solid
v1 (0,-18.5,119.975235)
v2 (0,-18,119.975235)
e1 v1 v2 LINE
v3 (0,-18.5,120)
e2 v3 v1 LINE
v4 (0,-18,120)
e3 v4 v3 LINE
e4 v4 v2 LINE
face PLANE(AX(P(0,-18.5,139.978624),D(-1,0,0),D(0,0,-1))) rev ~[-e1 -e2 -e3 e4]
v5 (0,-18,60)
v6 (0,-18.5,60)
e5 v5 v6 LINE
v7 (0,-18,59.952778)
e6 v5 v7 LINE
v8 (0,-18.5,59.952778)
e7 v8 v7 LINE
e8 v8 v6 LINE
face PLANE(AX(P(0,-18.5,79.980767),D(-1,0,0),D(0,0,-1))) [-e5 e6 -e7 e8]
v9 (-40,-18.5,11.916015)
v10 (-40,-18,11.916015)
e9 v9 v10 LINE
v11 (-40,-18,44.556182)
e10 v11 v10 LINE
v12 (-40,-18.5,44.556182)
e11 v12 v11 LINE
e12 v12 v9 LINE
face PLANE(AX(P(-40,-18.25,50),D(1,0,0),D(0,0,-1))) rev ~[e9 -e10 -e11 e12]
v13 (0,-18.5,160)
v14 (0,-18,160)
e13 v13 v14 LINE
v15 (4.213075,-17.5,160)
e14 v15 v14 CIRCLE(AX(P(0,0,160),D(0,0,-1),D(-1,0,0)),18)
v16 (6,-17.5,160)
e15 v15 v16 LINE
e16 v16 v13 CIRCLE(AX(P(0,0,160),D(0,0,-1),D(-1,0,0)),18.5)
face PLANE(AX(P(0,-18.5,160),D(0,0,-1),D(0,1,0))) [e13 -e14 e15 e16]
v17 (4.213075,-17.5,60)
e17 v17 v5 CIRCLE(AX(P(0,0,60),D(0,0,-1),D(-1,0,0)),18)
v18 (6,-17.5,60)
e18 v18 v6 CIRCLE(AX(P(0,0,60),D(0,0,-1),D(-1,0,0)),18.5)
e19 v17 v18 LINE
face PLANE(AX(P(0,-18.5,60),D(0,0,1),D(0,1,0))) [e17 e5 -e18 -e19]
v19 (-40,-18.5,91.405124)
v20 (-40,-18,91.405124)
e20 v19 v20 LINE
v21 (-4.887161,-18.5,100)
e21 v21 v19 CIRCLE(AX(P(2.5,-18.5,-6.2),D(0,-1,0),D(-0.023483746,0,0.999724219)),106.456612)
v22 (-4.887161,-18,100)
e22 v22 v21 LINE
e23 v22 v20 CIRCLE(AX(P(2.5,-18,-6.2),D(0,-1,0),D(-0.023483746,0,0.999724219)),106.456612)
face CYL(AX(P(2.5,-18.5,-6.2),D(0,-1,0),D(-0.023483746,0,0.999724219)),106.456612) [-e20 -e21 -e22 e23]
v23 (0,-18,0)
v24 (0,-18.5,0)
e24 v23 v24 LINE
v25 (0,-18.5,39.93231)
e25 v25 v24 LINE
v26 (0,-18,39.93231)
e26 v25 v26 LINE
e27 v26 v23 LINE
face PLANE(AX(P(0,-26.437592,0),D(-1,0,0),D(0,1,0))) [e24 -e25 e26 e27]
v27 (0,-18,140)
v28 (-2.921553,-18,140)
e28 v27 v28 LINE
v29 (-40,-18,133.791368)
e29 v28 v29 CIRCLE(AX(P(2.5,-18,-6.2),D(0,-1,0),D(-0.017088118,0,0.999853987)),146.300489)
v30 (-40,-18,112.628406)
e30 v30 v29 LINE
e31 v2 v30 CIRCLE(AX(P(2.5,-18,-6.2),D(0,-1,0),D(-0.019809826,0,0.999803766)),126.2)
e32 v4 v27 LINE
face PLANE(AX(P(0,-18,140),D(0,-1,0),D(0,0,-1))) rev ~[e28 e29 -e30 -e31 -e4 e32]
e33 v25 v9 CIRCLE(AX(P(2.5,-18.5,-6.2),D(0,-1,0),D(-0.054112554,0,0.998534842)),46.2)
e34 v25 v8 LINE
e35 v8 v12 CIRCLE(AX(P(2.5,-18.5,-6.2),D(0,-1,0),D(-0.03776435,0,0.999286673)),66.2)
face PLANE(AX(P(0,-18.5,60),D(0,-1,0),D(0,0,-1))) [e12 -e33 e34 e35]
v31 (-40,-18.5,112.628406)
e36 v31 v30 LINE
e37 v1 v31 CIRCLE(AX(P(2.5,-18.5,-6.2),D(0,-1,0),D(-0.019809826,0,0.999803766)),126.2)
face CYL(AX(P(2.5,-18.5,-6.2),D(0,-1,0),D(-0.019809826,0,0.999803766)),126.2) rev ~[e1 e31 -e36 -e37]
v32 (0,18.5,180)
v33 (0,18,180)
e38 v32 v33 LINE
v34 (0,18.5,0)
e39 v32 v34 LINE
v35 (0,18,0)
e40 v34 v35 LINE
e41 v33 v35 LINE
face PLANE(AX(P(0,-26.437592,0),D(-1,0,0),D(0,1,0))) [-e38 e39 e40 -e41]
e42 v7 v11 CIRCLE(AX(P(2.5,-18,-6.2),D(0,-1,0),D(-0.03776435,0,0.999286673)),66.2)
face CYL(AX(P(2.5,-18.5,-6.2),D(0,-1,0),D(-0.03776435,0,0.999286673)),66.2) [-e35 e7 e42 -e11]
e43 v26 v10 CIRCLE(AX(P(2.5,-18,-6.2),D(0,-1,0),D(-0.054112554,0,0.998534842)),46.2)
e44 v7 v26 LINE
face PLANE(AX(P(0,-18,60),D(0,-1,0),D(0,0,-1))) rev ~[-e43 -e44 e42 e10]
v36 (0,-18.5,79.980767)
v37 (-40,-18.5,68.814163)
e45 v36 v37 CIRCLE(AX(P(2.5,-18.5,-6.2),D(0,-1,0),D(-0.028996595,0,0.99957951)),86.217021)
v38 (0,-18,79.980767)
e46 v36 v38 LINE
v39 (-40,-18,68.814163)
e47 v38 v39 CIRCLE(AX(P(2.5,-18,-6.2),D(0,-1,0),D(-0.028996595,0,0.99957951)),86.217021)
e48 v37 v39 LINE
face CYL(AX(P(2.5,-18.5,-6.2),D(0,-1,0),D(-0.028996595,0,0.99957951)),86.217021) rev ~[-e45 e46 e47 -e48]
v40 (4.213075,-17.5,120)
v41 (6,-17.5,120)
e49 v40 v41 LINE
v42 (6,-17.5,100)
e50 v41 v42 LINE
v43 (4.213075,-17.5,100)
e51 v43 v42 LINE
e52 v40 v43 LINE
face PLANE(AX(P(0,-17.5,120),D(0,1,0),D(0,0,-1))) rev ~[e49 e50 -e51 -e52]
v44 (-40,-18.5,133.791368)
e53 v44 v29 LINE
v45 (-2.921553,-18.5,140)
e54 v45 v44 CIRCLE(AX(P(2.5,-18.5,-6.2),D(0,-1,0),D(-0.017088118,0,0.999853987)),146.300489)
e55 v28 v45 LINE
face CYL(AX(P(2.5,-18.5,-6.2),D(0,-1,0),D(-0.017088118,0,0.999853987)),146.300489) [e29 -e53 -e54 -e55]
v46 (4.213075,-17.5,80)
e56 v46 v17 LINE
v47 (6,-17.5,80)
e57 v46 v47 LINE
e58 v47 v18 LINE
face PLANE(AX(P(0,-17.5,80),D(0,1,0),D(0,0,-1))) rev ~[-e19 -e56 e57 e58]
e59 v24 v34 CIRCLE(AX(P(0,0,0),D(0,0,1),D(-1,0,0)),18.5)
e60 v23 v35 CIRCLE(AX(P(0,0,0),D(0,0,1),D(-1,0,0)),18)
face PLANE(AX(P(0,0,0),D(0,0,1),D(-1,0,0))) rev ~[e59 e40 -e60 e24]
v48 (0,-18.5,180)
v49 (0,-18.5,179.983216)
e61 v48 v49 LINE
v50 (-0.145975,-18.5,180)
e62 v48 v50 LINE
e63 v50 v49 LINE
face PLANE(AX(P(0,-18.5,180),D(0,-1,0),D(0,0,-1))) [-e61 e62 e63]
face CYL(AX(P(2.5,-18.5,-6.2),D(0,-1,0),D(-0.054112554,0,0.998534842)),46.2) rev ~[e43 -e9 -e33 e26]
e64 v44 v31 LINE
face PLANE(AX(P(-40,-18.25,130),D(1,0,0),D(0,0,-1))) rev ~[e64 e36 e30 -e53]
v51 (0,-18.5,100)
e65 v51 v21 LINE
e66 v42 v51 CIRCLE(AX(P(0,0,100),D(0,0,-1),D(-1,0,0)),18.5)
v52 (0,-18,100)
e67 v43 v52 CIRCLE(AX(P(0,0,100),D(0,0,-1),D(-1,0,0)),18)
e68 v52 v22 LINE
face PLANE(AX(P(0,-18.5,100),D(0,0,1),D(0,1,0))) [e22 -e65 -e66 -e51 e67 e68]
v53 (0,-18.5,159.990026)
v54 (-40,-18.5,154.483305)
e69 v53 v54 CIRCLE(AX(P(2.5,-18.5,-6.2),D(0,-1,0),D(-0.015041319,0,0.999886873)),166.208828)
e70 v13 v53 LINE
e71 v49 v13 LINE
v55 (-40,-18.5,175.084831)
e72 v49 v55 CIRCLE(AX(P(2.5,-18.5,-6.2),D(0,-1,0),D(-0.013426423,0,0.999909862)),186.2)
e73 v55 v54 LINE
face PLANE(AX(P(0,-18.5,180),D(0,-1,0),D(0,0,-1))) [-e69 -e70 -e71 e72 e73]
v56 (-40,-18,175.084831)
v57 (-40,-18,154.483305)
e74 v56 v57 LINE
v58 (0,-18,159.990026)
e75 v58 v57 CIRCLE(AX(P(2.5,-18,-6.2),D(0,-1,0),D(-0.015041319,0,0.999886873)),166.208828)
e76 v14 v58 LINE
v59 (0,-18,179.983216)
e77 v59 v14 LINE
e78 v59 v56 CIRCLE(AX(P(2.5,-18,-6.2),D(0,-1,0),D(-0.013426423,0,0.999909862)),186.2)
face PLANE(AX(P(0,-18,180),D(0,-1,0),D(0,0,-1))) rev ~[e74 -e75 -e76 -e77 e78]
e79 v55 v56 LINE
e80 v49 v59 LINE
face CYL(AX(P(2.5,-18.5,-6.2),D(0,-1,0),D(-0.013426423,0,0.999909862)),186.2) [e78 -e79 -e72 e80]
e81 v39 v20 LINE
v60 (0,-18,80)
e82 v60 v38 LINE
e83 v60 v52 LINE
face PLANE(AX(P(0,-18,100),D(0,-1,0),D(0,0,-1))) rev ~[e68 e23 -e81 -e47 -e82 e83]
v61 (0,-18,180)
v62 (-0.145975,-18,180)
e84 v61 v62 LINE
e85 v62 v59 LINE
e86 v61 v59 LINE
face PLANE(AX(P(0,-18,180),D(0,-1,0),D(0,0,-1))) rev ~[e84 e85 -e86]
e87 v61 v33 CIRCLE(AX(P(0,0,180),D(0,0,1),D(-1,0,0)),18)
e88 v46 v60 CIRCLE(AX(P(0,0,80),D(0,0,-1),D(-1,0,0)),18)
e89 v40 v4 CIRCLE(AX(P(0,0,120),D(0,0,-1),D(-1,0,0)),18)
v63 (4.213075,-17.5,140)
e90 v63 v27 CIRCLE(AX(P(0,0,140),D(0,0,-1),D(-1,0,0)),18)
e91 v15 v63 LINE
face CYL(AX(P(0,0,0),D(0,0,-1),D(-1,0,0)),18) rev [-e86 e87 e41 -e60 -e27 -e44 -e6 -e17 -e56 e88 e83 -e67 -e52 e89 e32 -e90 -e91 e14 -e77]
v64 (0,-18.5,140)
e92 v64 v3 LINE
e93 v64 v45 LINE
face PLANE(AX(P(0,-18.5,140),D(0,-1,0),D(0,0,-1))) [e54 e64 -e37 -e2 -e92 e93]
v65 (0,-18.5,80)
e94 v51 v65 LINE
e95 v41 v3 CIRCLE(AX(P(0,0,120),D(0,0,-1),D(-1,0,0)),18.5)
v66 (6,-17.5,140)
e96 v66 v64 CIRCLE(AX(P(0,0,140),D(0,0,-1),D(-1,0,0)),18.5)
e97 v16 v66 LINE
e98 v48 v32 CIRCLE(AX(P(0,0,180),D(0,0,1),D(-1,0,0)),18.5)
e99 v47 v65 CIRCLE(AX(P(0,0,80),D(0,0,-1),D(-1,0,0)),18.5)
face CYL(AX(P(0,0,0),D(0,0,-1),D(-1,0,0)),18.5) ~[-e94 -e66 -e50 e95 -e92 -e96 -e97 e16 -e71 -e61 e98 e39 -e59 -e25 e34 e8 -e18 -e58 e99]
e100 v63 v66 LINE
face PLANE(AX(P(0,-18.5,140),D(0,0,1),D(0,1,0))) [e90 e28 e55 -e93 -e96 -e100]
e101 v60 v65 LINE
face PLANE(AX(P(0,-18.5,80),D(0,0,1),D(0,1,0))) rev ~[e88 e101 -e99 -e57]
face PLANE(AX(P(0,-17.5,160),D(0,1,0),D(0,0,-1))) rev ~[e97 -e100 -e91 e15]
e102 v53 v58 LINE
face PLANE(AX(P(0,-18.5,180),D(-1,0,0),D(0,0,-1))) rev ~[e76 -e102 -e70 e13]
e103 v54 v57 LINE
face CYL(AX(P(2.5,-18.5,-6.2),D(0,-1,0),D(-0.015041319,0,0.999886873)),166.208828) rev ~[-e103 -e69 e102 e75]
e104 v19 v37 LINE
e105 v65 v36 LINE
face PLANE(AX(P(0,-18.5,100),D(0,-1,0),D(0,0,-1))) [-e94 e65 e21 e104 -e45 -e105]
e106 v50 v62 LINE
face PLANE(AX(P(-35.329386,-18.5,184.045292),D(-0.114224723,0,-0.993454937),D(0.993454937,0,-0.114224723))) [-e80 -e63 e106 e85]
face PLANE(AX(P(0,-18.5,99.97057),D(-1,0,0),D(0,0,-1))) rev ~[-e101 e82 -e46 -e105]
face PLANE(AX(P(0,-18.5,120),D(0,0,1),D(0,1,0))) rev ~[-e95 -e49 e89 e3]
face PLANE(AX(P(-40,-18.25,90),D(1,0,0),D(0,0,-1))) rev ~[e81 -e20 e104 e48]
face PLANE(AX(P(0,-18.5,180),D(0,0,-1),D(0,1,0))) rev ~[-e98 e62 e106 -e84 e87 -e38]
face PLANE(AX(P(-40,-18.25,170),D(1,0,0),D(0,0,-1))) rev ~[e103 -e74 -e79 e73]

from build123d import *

# Parameters (mm, degrees)
SKETCH_1_R           = 18.5
SKETCH_1_R_2         = 18
EXTRUDE_1_DEPTH      = 180
SKETCH_15_W          = 19.647344242
SKETCH_15_H          = 48.423013506
CUT_EXTRUDE_7_DEPTH  = 208.5
SKETCH_16_W          = 20
SKETCH_16_H          = 0.5
EXTRUDE_4_DEPTH      = 40
SKETCH_17_W          = 20
SKETCH_17_H          = 1
CUT_EXTRUDE_8_DEPTH  = 40
EXTRUDE_8_DEPTH      = 0.5
CUT_EXTRUDE_10_DEPTH = 0.5


with BuildPart() as part:
    # 草图1 → 凸台-拉伸1 (new body)
    with BuildSketch(Plane.XY):
        with Locations(Location((0, 0, 0), (0, 0, 180))):
            Circle(SKETCH_1_R)
        with Locations(Location((0, 0, 0), (0, 0, 180))):
            Circle(SKETCH_1_R_2, mode=Mode.SUBTRACT)
    extrude(amount=EXTRUDE_1_DEPTH)

    # 草图15 → 切除-拉伸7 (cut, symmetric)
    with BuildSketch(Plane(origin=(0, 0, 0), x_dir=(-1, 0, 0), z_dir=(0, 0, -1))):
        with Locations((9.823672121, -2.226084919)):
            Rectangle(SKETCH_15_W, SKETCH_15_H)
    extrude(amount=CUT_EXTRUDE_7_DEPTH, both=True, mode=Mode.SUBTRACT)

    # 草图16 → 凸台-拉伸4 (add)
    with BuildSketch(Plane(origin=(0, 0, 0), x_dir=(0, 0, -1), z_dir=(1, 0, 0))):
        with Locations((-90, -18.25)):
            Rectangle(SKETCH_16_W, SKETCH_16_H)
        with Locations((-50, -18.25)):
            Rectangle(SKETCH_16_W, SKETCH_16_H)
        with Locations((-130, -18.25)):
            Rectangle(SKETCH_16_W, SKETCH_16_H)
        with Locations((-170, -18.25)):
            Rectangle(SKETCH_16_W, SKETCH_16_H)
    extrude(amount=-EXTRUDE_4_DEPTH)

    # 草图17 → 切除-拉伸8 (cut)
    with BuildSketch(Plane(origin=(0, 0, 0), x_dir=(0, 0, -1), z_dir=(1, 0, 0))):
        with Locations((-110, -18)):
            Rectangle(SKETCH_17_W, SKETCH_17_H)
        with Locations((-150, -18)):
            Rectangle(SKETCH_17_W, SKETCH_17_H)
        with Locations((-70, -18)):
            Rectangle(SKETCH_17_W, SKETCH_17_H)
    extrude(amount=CUT_EXTRUDE_8_DEPTH, mode=Mode.SUBTRACT)

    # 草图20 → 凸台-拉伸8 (add)
    with BuildSketch(Plane.XZ.offset(18.5)):
        with BuildLine():
            Line((0, 59.952777719), (0, 39.932309719))
            ThreePointArc((0, 39.932309719), (-24.004305164, 31.641271223), (-40, 11.916015014))
            Line((-40, 11.916015014), (-40, 44.556181889))
            ThreePointArc((-40, 44.556181889), (-21.280533863, 55.581277174), (0, 59.952777719))
        make_face()
        with BuildLine():
            Line((-40, 68.814162833), (-40, 91.125176599))
            ThreePointArc((-40, 91.125176599), (-20.430552708, 97.494887784), (0, 99.97057031))
            Line((0, 99.97057031), (0, 79.980767144))
            ThreePointArc((0, 79.980767144), (-20.682391226, 76.84186512), (-40, 68.814162833))
        make_face()
        with BuildLine():
            Line((0, 180), (0, 159.99002565))
            ThreePointArc((0, 159.99002565), (-20.167840481, 158.455833888), (-40, 154.483305373))
            Line((-40, 154.483305373), (-40, 175.102068383))
            ThreePointArc((-40, 175.102068383), (-20.132883898, 178.636258798), (0, 180))
        make_face()
        with BuildLine():
            Line((-40, 112.628405695), (-40, 133.686346725))
            ThreePointArc((-40, 133.686346725), (-20.218894936, 138.224000128), (0, 139.978623608))
            Line((0, 139.978623608), (0, 119.975235288))
            ThreePointArc((0, 119.975235288), (-20.297894119, 117.923712576), (-40, 112.628405695))
        make_face()
    extrude(amount=-EXTRUDE_8_DEPTH)

    # 草图21 → 切除-拉伸10 (cut)
    with BuildSketch(Plane.XZ.offset(18.5)):
        with BuildLine():
            Line((0, 79.980767144), (0, 59.952777719))
            ThreePointArc((0, 59.952777719), (-21.280533863, 55.581277174), (-40, 44.556181889))
            Line((-40, 44.556181889), (-40, 68.814162833))
            ThreePointArc((-40, 68.814162833), (-20.682391226, 76.84186512), (0, 79.980767144))
        make_face()
        with BuildLine():
            Line((-40, 91.405123559), (-40, 112.628405695))
            ThreePointArc((-40, 112.628405695), (-20.297894119, 117.923712576), (0, 119.975235288))
            Line((0, 119.975235288), (0, 100.22725283))
            ThreePointArc((0, 100.22725283), (-20.428312001, 97.758177426), (-40, 91.405123559))
        make_face()
        with BuildLine():
            Line((0, 159.99002565), (0, 140.07912782))
            ThreePointArc((0, 140.07912782), (-20.218582252, 138.325773675), (-40, 133.791368433))
            Line((-40, 133.791368433), (-40, 154.483305373))
            ThreePointArc((-40, 154.483305373), (-20.167840481, 158.455833888), (0, 159.99002565))
        make_face()
        with BuildLine():
            Line((-40, 175.084831136), (-40, 180))
            Line((-40, 180), (-40, 184.582306451))
            Line((-40, 184.582306451), (-35.32938599, 184.045292069))
            Line((-35.32938599, 184.045292069), (0, 179.983216215))
            ThreePointArc((0, 179.983216215), (-20.132908432, 178.619348164), (-40, 175.084831136))
        make_face()
    extrude(amount=-CUT_EXTRUDE_10_DEPTH, mode=Mode.SUBTRACT)


solid = part.part
